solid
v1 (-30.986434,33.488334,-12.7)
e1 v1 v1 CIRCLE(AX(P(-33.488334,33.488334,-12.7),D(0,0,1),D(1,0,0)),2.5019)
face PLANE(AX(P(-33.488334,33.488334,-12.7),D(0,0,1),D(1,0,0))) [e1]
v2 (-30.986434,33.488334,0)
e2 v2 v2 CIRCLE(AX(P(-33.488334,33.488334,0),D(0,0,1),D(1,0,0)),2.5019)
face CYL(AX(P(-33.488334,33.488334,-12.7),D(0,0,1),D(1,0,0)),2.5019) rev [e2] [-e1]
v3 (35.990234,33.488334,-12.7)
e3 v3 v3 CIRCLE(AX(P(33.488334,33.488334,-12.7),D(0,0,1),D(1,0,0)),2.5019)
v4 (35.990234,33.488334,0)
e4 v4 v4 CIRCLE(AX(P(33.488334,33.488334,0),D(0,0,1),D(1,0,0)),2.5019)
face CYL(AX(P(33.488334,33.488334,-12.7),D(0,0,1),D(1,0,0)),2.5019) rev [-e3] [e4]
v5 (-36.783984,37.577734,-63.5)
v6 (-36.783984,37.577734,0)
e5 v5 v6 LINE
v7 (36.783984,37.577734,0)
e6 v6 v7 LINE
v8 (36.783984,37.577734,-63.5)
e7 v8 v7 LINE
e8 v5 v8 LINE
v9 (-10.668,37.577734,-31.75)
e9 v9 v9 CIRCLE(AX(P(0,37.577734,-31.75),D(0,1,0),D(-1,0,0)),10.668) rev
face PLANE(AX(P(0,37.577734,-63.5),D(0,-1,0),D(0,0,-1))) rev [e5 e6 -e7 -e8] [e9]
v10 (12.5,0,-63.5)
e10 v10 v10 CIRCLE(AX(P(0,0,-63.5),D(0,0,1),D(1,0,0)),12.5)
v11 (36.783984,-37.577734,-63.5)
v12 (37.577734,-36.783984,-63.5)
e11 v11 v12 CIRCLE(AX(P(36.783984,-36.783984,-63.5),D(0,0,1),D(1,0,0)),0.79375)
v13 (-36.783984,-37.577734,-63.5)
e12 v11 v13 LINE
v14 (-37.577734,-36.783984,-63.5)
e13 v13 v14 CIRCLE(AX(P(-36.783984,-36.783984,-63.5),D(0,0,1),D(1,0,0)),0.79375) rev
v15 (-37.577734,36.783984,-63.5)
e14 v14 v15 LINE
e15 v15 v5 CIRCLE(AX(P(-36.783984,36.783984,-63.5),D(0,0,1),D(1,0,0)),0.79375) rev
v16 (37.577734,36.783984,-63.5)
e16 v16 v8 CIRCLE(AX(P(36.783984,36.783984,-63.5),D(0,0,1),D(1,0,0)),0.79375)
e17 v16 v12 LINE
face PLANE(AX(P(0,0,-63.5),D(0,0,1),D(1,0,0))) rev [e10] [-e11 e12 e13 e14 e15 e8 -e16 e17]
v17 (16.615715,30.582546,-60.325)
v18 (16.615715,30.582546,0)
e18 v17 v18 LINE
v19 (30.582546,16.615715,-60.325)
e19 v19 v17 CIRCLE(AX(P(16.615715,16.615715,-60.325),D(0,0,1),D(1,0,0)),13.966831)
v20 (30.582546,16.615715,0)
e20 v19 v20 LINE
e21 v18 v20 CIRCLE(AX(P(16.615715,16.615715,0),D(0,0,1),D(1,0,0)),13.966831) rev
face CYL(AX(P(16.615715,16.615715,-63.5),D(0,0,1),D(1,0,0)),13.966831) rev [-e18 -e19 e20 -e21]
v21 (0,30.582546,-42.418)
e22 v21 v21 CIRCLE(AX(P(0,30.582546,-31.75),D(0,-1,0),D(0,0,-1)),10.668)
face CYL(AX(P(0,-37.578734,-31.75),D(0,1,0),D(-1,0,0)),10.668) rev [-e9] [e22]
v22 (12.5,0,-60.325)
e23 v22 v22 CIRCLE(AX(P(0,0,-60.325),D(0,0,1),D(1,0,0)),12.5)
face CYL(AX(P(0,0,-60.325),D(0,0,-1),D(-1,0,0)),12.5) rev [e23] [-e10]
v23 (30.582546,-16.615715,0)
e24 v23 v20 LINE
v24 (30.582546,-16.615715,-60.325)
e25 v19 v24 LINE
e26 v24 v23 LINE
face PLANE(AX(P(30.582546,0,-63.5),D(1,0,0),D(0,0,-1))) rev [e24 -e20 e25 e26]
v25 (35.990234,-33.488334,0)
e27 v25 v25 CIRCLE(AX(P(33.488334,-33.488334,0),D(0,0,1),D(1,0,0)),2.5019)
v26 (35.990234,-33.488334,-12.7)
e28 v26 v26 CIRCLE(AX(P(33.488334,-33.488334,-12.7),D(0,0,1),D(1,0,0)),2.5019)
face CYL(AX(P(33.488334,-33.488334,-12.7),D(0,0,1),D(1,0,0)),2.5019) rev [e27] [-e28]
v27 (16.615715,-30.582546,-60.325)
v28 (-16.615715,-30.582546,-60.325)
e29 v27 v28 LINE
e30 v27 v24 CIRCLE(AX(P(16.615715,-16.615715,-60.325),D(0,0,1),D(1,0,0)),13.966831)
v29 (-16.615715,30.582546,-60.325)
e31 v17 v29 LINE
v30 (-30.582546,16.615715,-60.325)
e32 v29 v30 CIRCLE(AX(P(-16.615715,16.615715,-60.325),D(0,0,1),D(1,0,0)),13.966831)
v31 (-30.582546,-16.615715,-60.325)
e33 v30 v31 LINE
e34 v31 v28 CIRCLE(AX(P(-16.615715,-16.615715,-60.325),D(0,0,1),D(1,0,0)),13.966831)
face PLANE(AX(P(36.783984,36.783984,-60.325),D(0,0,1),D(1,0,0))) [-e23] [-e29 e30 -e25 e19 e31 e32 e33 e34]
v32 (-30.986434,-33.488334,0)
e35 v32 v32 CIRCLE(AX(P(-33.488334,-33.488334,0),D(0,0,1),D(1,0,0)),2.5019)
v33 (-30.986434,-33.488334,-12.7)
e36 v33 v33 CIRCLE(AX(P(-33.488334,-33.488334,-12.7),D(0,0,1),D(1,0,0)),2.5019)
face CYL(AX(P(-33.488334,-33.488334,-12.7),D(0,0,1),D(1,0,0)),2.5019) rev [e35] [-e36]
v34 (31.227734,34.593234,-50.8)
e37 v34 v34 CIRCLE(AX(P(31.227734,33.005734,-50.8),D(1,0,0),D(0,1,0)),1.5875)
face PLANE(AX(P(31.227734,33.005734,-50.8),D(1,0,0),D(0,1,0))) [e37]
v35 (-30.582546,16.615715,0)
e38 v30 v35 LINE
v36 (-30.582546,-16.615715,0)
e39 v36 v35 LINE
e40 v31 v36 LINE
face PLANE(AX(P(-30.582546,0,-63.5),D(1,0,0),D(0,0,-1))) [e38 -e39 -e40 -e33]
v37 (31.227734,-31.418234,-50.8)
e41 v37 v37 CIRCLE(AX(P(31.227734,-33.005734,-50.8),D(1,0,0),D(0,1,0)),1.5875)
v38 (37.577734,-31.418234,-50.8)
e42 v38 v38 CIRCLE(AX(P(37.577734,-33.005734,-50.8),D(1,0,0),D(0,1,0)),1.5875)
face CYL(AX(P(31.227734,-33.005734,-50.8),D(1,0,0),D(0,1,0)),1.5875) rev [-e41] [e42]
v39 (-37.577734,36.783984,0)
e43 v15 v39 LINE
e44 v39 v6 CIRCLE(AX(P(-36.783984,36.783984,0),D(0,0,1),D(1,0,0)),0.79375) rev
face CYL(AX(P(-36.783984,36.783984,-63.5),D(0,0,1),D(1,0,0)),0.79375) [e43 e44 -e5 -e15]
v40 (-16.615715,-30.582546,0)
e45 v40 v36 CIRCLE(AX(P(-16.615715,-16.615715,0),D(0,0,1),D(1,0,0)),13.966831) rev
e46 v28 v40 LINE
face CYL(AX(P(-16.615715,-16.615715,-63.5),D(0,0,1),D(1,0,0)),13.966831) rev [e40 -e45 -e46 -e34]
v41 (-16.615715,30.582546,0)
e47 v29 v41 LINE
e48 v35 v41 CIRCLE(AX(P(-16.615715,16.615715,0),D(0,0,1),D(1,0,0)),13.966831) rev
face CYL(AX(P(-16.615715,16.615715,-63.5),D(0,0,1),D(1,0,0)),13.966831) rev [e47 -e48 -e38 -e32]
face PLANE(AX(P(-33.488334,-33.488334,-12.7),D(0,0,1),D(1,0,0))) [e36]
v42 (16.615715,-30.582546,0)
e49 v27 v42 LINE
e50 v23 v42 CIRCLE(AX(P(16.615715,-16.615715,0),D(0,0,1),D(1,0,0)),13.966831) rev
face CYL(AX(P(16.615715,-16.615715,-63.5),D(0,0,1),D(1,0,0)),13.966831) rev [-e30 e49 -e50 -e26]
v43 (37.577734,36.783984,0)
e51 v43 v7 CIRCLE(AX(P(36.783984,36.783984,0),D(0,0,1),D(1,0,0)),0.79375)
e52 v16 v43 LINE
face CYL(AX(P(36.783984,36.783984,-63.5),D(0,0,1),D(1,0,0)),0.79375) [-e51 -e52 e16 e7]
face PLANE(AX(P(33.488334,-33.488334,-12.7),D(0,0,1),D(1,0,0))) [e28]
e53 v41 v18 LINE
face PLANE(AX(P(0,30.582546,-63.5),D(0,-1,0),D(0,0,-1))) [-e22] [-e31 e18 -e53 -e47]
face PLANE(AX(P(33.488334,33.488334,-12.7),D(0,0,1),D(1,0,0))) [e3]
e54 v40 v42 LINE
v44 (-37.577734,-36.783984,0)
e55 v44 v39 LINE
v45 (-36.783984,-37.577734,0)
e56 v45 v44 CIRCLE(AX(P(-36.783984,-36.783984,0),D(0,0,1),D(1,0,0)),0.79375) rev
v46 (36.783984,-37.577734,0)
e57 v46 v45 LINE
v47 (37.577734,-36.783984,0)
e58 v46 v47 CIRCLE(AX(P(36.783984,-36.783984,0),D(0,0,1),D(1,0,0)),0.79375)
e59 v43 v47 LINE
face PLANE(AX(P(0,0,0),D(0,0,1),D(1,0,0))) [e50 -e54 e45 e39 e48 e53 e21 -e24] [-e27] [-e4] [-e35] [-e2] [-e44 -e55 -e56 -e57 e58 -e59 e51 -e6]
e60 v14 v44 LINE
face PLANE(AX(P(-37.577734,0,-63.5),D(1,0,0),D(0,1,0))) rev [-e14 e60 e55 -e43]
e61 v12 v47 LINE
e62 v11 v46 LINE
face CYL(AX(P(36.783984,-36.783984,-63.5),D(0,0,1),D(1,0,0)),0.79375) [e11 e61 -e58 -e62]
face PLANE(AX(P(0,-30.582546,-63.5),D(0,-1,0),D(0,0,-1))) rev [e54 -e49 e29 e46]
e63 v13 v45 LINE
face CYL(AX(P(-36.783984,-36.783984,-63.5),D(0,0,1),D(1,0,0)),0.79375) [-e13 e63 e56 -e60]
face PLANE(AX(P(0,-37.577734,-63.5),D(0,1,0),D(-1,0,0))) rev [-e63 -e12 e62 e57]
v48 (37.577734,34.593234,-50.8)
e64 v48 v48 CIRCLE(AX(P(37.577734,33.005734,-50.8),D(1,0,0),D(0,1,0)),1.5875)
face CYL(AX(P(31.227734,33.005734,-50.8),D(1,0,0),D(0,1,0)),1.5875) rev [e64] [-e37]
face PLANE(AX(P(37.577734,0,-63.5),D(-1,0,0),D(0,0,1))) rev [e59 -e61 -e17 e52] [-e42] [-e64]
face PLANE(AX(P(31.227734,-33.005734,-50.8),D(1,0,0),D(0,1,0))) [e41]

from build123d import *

# Parameters (mm, degrees)
BOSS_EXTRUDE1_DEPTH = 63.5
SKETCH10_R          = 2.5019
CUT_EXTRUDE3_DEPTH  = 12.7
BOSS_EXTRUDE2_START = -60.325
SKETCH12_R          = 12.5
BOSS_EXTRUDE2_DEPTH = 3.175
SKETCH14_R          = 1.5875
CUT_EXTRUDE4_DEPTH  = 6.35
CUT_EXTRUDE5_REACH  = 107.322
SKETCH15_R          = 10.668


with BuildPart() as part:
    # Sketch1 → Boss-Extrude1 (new body)
    with BuildSketch(Plane.XY):
        with BuildLine():
            Line((37.577733998, 36.783983953), (37.577733998, -36.783983998))
            ThreePointArc((37.577733998, -36.783983998), (37.345250005, -37.345250005), (36.783983998, -37.577733998))
            Line((36.783983998, -37.577733998), (-36.783983953, -37.577733998))
            ThreePointArc((-36.783983953, -37.577733998), (-37.34524996, -37.345250005), (-37.577733953, -36.783983998))
            Line((-37.577733953, -36.783983998), (-37.577733953, 36.783983953))
            ThreePointArc((-37.577733953, 36.783983953), (-37.34524996, 37.34524996), (-36.783983953, 37.577733953))
            Line((-36.783983953, 37.577733953), (36.783983998, 37.577733953))
            ThreePointArc((36.783983998, 37.577733953), (37.345250005, 37.34524996), (37.577733998, 36.783983953))
        make_face()
        with BuildLine():
            Line((-16.61571496, 30.582545515), (16.61571496, 30.582545515))
            ThreePointArc((16.61571496, 30.582545515), (26.491755557, 26.491755557), (30.582545515, 16.61571496))
            Line((30.582545515, 16.61571496), (30.582545515, -16.61571496))
            ThreePointArc((30.582545515, -16.61571496), (26.491755557, -26.491755557), (16.61571496, -30.582545515))
            Line((16.61571496, -30.582545515), (-16.61571496, -30.582545515))
            ThreePointArc((-16.61571496, -30.582545515), (-26.491755557, -26.491755557), (-30.582545515, -16.61571496))
            Line((-30.582545515, -16.61571496), (-30.582545515, 16.61571496))
            ThreePointArc((-30.582545515, 16.61571496), (-26.491755557, 26.491755557), (-16.61571496, 30.582545515))
        make_face(mode=Mode.SUBTRACT)
    extrude(amount=-BOSS_EXTRUDE1_DEPTH)

    # Sketch10 → Cut-Extrude3 (cut)
    with BuildSketch(Plane.XY):
        with Locations((33.488333998, 33.488333998)):
            Circle(SKETCH10_R)
        with Locations((33.488333998, -33.488333998)):
            Circle(SKETCH10_R)
        with Locations((-33.488333998, -33.488333998)):
            Circle(SKETCH10_R)
        with Locations((-33.488333998, 33.488333998)):
            Circle(SKETCH10_R)
    extrude(amount=-CUT_EXTRUDE3_DEPTH, mode=Mode.SUBTRACT)

    # Sketch12 → Boss-Extrude2 (add)
    with BuildSketch(Plane.XY.offset(BOSS_EXTRUDE2_START)):
        with BuildLine():
            Line((37.577733998, 36.783983953), (37.577733998, -36.783983998))
            ThreePointArc((37.577733998, -36.783983998), (37.345250005, -37.345250005), (36.783983998, -37.577733998))
            Line((36.783983998, -37.577733998), (-36.783983953, -37.577733998))
            ThreePointArc((-36.783983953, -37.577733998), (-37.34524996, -37.345250005), (-37.577733953, -36.783983998))
            Line((-37.577733953, -36.783983998), (-37.577733953, 36.783983953))
            ThreePointArc((-37.577733953, 36.783983953), (-37.34524996, 37.34524996), (-36.783983953, 37.577733953))
            Line((-36.783983953, 37.577733953), (36.783983998, 37.577733953))
            ThreePointArc((36.783983998, 37.577733953), (37.345250005, 37.34524996), (37.577733998, 36.783983953))
        make_face()
        Circle(SKETCH12_R, mode=Mode.SUBTRACT)
    extrude(amount=-BOSS_EXTRUDE2_DEPTH)

    # Sketch14 → Cut-Extrude4 (cut)
    with BuildSketch(Plane(origin=(37.577733998, 0, 0), x_dir=(0, 0, -1), z_dir=(1, 0, 0))):
        with Locations(Location((50.8, 33.005733953, 0), (0, 0, 90))):
            Circle(SKETCH14_R)
        with Locations(Location((50.8, -33.005733998, 0), (0, 0, 90))):
            Circle(SKETCH14_R)
    extrude(amount=-CUT_EXTRUDE4_DEPTH, mode=Mode.SUBTRACT)

    # Sketch15 → Cut-Extrude5 (cut, up to next)
    with BuildSketch(Plane.XZ.offset(-37.577733953), mode=Mode.PRIVATE) as cut_extrude5_sk1:
        with Locations(Location((0, -31.75, 0), (0, 0, 180))):
            Circle(SKETCH15_R)
    cut_extrude5_tool1 = extrude(cut_extrude5_sk1.sketch, amount=CUT_EXTRUDE5_REACH, mode=Mode.PRIVATE) & part.part
    add(cut_extrude5_tool1.solids().sort_by_distance((0, 37.577734, -31.75))[0], mode=Mode.SUBTRACT)


solid = part.part
